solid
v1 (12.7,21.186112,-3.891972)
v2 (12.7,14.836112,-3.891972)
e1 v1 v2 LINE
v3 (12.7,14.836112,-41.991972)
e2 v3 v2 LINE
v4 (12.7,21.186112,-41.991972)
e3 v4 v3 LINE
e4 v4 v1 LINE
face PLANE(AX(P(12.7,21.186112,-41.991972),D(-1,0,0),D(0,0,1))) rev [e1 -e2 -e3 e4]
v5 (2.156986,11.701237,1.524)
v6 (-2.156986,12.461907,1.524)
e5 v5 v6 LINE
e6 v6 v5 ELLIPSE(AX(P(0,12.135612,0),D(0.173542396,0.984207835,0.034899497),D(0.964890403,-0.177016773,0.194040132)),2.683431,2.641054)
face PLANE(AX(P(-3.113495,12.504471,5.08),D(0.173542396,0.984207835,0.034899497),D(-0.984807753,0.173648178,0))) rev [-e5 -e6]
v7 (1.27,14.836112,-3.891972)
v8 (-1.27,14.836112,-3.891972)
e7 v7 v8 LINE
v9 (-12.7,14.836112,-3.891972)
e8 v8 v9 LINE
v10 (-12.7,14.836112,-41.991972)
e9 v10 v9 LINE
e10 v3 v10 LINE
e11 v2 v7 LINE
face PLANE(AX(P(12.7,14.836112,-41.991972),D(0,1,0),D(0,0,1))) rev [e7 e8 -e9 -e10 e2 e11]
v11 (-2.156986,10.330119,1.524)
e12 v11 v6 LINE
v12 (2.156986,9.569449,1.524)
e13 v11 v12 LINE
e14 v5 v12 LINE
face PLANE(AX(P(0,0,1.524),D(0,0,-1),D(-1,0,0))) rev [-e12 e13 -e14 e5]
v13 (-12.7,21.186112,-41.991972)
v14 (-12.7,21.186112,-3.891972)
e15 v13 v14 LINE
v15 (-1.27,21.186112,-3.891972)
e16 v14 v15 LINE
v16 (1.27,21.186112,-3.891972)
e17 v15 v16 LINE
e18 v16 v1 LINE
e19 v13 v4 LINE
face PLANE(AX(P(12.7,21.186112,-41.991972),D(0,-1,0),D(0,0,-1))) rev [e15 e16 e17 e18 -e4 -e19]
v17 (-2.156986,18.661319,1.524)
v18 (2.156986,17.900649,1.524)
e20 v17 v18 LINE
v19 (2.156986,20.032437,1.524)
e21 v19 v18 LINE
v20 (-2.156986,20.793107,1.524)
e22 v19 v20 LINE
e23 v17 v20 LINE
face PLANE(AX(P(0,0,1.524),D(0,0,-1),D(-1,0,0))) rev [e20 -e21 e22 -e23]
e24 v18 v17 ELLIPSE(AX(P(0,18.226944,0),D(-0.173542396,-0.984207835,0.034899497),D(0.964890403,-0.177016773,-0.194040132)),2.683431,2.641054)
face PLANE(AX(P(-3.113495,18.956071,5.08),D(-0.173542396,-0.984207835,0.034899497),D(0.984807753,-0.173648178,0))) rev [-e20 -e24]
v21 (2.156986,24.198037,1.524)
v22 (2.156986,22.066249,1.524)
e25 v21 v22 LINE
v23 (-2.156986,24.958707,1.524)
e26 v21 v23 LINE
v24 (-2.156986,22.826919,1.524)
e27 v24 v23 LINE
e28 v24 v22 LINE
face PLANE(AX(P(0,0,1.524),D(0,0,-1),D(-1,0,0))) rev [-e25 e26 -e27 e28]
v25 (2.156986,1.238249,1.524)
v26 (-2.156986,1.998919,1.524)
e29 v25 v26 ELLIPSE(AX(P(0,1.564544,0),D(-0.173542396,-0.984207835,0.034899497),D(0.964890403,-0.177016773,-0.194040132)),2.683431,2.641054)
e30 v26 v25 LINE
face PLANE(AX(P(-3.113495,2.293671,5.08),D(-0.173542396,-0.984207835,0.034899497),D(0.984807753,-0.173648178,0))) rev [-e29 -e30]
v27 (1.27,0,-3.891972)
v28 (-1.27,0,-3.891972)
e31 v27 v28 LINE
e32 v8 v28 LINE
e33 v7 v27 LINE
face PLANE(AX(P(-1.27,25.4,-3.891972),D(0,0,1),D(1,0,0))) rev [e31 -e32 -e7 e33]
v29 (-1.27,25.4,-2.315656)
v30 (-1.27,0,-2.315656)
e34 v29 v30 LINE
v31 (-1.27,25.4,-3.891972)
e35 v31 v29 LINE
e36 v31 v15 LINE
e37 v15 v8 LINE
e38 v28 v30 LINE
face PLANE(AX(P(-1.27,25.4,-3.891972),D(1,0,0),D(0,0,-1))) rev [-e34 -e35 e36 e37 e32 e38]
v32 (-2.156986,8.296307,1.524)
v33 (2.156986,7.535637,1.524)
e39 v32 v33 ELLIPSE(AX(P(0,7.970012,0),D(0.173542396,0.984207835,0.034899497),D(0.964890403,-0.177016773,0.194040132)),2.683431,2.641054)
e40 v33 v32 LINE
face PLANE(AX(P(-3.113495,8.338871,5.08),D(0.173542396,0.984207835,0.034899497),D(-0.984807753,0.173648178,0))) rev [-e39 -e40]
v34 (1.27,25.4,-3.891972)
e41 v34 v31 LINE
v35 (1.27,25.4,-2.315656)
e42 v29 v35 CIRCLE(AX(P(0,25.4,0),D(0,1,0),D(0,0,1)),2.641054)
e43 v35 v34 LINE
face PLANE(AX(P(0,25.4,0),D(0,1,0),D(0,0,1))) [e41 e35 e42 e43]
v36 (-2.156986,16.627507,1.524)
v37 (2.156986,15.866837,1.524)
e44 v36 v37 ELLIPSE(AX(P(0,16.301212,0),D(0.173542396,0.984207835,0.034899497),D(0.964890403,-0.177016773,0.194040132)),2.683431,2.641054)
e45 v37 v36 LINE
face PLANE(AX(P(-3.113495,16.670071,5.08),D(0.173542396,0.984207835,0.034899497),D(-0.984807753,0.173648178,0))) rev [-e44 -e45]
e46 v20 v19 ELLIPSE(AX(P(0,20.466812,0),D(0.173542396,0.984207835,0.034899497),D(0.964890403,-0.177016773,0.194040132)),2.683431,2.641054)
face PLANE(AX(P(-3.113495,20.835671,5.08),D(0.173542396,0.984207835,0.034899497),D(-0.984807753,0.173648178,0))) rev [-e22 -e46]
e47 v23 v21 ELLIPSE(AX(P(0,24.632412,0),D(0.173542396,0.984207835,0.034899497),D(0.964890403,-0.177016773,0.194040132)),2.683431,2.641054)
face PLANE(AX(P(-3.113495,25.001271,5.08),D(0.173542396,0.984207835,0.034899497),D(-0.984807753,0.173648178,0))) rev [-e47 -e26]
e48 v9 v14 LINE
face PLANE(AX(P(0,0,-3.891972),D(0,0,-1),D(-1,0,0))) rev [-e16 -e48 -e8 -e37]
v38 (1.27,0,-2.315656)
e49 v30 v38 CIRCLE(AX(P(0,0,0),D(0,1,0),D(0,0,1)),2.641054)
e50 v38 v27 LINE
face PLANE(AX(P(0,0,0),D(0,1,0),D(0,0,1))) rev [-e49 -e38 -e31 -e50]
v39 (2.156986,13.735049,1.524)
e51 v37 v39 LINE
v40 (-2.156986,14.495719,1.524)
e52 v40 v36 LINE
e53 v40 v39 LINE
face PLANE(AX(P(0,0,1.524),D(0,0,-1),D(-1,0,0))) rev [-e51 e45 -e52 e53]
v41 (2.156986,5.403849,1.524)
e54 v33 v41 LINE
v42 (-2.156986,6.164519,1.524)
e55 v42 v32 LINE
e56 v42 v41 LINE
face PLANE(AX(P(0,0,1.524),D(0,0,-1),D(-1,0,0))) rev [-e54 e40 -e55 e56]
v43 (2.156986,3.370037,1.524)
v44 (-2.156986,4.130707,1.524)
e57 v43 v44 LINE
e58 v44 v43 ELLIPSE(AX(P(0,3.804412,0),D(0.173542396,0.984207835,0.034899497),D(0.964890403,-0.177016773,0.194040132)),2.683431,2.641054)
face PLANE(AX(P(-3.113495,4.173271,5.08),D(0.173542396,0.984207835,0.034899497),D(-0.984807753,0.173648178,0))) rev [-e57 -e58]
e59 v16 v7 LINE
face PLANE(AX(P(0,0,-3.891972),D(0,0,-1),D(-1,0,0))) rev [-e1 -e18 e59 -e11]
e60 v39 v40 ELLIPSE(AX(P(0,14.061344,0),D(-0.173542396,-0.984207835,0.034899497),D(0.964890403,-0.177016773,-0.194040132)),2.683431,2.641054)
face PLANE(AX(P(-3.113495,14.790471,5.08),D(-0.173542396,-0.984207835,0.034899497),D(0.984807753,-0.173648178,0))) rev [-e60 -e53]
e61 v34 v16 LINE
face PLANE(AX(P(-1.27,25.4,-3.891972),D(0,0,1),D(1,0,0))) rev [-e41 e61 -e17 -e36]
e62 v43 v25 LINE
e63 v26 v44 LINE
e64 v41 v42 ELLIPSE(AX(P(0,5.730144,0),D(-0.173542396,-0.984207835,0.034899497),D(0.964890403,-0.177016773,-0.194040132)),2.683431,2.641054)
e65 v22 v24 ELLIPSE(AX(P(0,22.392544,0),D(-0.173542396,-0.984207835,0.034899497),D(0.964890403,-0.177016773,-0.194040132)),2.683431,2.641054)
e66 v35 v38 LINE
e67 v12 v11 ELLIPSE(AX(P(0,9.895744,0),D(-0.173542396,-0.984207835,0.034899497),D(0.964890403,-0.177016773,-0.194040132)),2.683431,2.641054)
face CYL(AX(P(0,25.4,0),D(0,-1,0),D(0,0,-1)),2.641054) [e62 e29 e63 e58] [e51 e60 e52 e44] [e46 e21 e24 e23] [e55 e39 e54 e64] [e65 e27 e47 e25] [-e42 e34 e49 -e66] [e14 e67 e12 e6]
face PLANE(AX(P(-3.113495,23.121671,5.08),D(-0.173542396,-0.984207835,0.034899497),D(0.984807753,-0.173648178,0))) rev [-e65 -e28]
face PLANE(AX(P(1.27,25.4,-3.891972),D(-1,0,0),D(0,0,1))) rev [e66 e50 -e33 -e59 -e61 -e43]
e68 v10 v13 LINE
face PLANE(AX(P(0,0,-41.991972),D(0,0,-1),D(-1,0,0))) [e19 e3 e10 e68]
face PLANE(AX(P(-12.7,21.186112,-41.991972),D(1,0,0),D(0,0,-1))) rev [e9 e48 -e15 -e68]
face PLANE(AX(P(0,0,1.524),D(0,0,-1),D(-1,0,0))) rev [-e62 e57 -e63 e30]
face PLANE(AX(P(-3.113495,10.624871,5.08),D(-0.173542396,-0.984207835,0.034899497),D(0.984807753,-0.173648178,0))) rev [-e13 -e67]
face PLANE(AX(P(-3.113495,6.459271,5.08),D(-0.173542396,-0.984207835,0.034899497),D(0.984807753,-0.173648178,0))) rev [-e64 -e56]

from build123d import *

# Parameters (mm, degrees)
BOSS_EXTRUDE1_DEPTH          = 25.4
SKETCH3_W                    = 25.4
SKETCH3_H                    = 6.35
BOSS_EXTRUDE3_DEPTH          = 38.1
CUT_EXTRUDE1_START           = 5.08
CUT_EXTRUDE1_DEPTH           = 3.556
CUT_EXTRUDE1_DRAFT           = 2
CUT_EXTRUDE1_PROFILE_2_DEPTH = 3.556
CUT_EXTRUDE1_PROFILE_2_DRAFT = 2
CUT_EXTRUDE1_PROFILE_3_DEPTH = 3.556
CUT_EXTRUDE1_PROFILE_3_DRAFT = 2
CUT_EXTRUDE1_PROFILE_4_DEPTH = 3.556
CUT_EXTRUDE1_PROFILE_4_DRAFT = 2
CUT_EXTRUDE1_PROFILE_5_DEPTH = 3.556
CUT_EXTRUDE1_PROFILE_5_DRAFT = 2
CUT_EXTRUDE1_PROFILE_6_DEPTH = 3.556
CUT_EXTRUDE1_PROFILE_6_DRAFT = 2


with BuildPart() as part:
    # Sketch1 → Boss-Extrude1 (new body)
    with BuildSketch(Plane(origin=(0, 0, 0), x_dir=(1, 0, 0), z_dir=(0, 1, 0))):
        with BuildLine():
            Line((-1.27, 3.89197217), (1.27, 3.89197217))
            Line((1.27, 3.89197217), (1.27, 2.315656298))
            ThreePointArc((1.27, 2.315656298), (0, -2.641053595), (-1.27, 2.315656298))
            Line((-1.27, 2.315656298), (-1.27, 3.89197217))
        make_face()
    extrude(amount=BOSS_EXTRUDE1_DEPTH)

    # Sketch3 → Boss-Extrude3 (add)
    with BuildSketch(Plane(origin=(0, 0, -3.89197217), x_dir=(-1, 0, 0), z_dir=(0, 0, -1))):
        with Locations((0, 18.011112495)):
            Rectangle(SKETCH3_W, SKETCH3_H)
    extrude(amount=BOSS_EXTRUDE3_DEPTH)


with BuildPart() as cut_extrude1_tool:
    # Sketch4 → Cut-Extrude1 (with draft: the straight prism first)
    with BuildSketch(Plane.XY.offset(CUT_EXTRUDE1_START)):
        Polygon((-3.113495219, 25.001271063), (-3.113495219, 23.121671063), (2.876409327, 22.06548928), (2.876409327, 23.94508928), align=None)
    extrude(amount=-CUT_EXTRUDE1_DEPTH)
    # Cut-Extrude1: the draft: its side faces are tilted about the plane it starts from
    cut_extrude1_sides = [cut_extrude1_tool.faces().sort_by_distance(p)[0] for p in [
        (-3.113495219, 24.061471063, 3.302),
        (-0.118542946, 22.593580171, 3.302),
        (2.876409327, 23.00528928, 3.302),
        (-0.118542946, 24.473180171, 3.302),
    ]]
    draft(cut_extrude1_sides, Plane.XY.offset(CUT_EXTRUDE1_START), CUT_EXTRUDE1_DRAFT)


with BuildPart() as part_1:
    add(part.part)

    # Cut-Extrude1: cut by cut_extrude1_tool
    add(cut_extrude1_tool.part, mode=Mode.SUBTRACT)


with BuildPart() as cut_extrude1_profile_2_tool:
    # Sketch4 → Cut-Extrude1 profile 2 (with draft: the straight prism first)
    with BuildSketch(Plane.XY.offset(CUT_EXTRUDE1_START)):
        Polygon((-3.113495219, 16.670071063), (-3.113495219, 14.790471063), (2.876409327, 13.73428928), (2.876409327, 15.61388928), align=None)
    extrude(amount=-CUT_EXTRUDE1_PROFILE_2_DEPTH)
    # Cut-Extrude1 profile 2: the draft: its side faces are tilted about the plane it starts from
    cut_extrude1_profile_2_sides = [cut_extrude1_profile_2_tool.faces().sort_by_distance(p)[0] for p in [
        (-3.113495219, 15.730271063, 3.302),
        (-0.118542946, 14.262380171, 3.302),
        (2.876409327, 14.67408928, 3.302),
        (-0.118542946, 16.141980171, 3.302),
    ]]
    draft(cut_extrude1_profile_2_sides, Plane.XY.offset(CUT_EXTRUDE1_START), CUT_EXTRUDE1_PROFILE_2_DRAFT)


with BuildPart() as part_2:
    add(part_1.part)

    # Cut-Extrude1 profile 2: cut by cut_extrude1_profile_2_tool
    add(cut_extrude1_profile_2_tool.part, mode=Mode.SUBTRACT)


with BuildPart() as cut_extrude1_profile_3_tool:
    # Sketch4 → Cut-Extrude1 profile 3 (with draft: the straight prism first)
    with BuildSketch(Plane.XY.offset(CUT_EXTRUDE1_START)):
        Polygon((-3.113495219, 20.835671063), (-3.113495219, 18.956071063), (2.876409327, 17.89988928), (2.876409327, 19.77948928), align=None)
    extrude(amount=-CUT_EXTRUDE1_PROFILE_3_DEPTH)
    # Cut-Extrude1 profile 3: the draft: its side faces are tilted about the plane it starts from
    cut_extrude1_profile_3_sides = [cut_extrude1_profile_3_tool.faces().sort_by_distance(p)[0] for p in [
        (-3.113495219, 19.895871063, 3.302),
        (-0.118542946, 18.427980171, 3.302),
        (2.876409327, 18.83968928, 3.302),
        (-0.118542946, 20.307580171, 3.302),
    ]]
    draft(cut_extrude1_profile_3_sides, Plane.XY.offset(CUT_EXTRUDE1_START), CUT_EXTRUDE1_PROFILE_3_DRAFT)


with BuildPart() as part_3:
    add(part_2.part)

    # Cut-Extrude1 profile 3: cut by cut_extrude1_profile_3_tool
    add(cut_extrude1_profile_3_tool.part, mode=Mode.SUBTRACT)


with BuildPart() as cut_extrude1_profile_4_tool:
    # Sketch4 → Cut-Extrude1 profile 4 (with draft: the straight prism first)
    with BuildSketch(Plane.XY.offset(CUT_EXTRUDE1_START)):
        Polygon((-3.113495219, 12.504471063), (-3.113495219, 10.624871063), (2.876409327, 9.56868928), (2.876409327, 11.44828928), align=None)
    extrude(amount=-CUT_EXTRUDE1_PROFILE_4_DEPTH)
    # Cut-Extrude1 profile 4: the draft: its side faces are tilted about the plane it starts from
    cut_extrude1_profile_4_sides = [cut_extrude1_profile_4_tool.faces().sort_by_distance(p)[0] for p in [
        (-3.113495219, 11.564671063, 3.302),
        (-0.118542946, 10.096780171, 3.302),
        (2.876409327, 10.50848928, 3.302),
        (-0.118542946, 11.976380171, 3.302),
    ]]
    draft(cut_extrude1_profile_4_sides, Plane.XY.offset(CUT_EXTRUDE1_START), CUT_EXTRUDE1_PROFILE_4_DRAFT)


with BuildPart() as part_4:
    add(part_3.part)

    # Cut-Extrude1 profile 4: cut by cut_extrude1_profile_4_tool
    add(cut_extrude1_profile_4_tool.part, mode=Mode.SUBTRACT)


with BuildPart() as cut_extrude1_profile_5_tool:
    # Sketch4 → Cut-Extrude1 profile 5 (with draft: the straight prism first)
    with BuildSketch(Plane.XY.offset(CUT_EXTRUDE1_START)):
        Polygon((-3.113495219, 8.338871063), (-3.113495219, 6.459271063), (2.876409327, 5.40308928), (2.876409327, 7.28268928), align=None)
    extrude(amount=-CUT_EXTRUDE1_PROFILE_5_DEPTH)
    # Cut-Extrude1 profile 5: the draft: its side faces are tilted about the plane it starts from
    cut_extrude1_profile_5_sides = [cut_extrude1_profile_5_tool.faces().sort_by_distance(p)[0] for p in [
        (-3.113495219, 7.399071063, 3.302),
        (-0.118542946, 5.931180171, 3.302),
        (2.876409327, 6.34288928, 3.302),
        (-0.118542946, 7.810780171, 3.302),
    ]]
    draft(cut_extrude1_profile_5_sides, Plane.XY.offset(CUT_EXTRUDE1_START), CUT_EXTRUDE1_PROFILE_5_DRAFT)


with BuildPart() as part_5:
    add(part_4.part)

    # Cut-Extrude1 profile 5: cut by cut_extrude1_profile_5_tool
    add(cut_extrude1_profile_5_tool.part, mode=Mode.SUBTRACT)


with BuildPart() as cut_extrude1_profile_6_tool:
    # Sketch4 → Cut-Extrude1 profile 6 (with draft: the straight prism first)
    with BuildSketch(Plane.XY.offset(CUT_EXTRUDE1_START)):
        Polygon((-3.113495219, 4.173271063), (-3.113495219, 2.293671063), (2.876409327, 1.23748928), (2.876409327, 3.11708928), align=None)
    extrude(amount=-CUT_EXTRUDE1_PROFILE_6_DEPTH)
    # Cut-Extrude1 profile 6: the draft: its side faces are tilted about the plane it starts from
    cut_extrude1_profile_6_sides = [cut_extrude1_profile_6_tool.faces().sort_by_distance(p)[0] for p in [
        (-3.113495219, 3.233471063, 3.302),
        (-0.118542946, 1.765580171, 3.302),
        (2.876409327, 2.17728928, 3.302),
        (-0.118542946, 3.645180171, 3.302),
    ]]
    draft(cut_extrude1_profile_6_sides, Plane.XY.offset(CUT_EXTRUDE1_START), CUT_EXTRUDE1_PROFILE_6_DRAFT)


with BuildPart() as part_6:
    add(part_5.part)

    # Cut-Extrude1 profile 6: cut by cut_extrude1_profile_6_tool
    add(cut_extrude1_profile_6_tool.part, mode=Mode.SUBTRACT)


solid = part_6.part
